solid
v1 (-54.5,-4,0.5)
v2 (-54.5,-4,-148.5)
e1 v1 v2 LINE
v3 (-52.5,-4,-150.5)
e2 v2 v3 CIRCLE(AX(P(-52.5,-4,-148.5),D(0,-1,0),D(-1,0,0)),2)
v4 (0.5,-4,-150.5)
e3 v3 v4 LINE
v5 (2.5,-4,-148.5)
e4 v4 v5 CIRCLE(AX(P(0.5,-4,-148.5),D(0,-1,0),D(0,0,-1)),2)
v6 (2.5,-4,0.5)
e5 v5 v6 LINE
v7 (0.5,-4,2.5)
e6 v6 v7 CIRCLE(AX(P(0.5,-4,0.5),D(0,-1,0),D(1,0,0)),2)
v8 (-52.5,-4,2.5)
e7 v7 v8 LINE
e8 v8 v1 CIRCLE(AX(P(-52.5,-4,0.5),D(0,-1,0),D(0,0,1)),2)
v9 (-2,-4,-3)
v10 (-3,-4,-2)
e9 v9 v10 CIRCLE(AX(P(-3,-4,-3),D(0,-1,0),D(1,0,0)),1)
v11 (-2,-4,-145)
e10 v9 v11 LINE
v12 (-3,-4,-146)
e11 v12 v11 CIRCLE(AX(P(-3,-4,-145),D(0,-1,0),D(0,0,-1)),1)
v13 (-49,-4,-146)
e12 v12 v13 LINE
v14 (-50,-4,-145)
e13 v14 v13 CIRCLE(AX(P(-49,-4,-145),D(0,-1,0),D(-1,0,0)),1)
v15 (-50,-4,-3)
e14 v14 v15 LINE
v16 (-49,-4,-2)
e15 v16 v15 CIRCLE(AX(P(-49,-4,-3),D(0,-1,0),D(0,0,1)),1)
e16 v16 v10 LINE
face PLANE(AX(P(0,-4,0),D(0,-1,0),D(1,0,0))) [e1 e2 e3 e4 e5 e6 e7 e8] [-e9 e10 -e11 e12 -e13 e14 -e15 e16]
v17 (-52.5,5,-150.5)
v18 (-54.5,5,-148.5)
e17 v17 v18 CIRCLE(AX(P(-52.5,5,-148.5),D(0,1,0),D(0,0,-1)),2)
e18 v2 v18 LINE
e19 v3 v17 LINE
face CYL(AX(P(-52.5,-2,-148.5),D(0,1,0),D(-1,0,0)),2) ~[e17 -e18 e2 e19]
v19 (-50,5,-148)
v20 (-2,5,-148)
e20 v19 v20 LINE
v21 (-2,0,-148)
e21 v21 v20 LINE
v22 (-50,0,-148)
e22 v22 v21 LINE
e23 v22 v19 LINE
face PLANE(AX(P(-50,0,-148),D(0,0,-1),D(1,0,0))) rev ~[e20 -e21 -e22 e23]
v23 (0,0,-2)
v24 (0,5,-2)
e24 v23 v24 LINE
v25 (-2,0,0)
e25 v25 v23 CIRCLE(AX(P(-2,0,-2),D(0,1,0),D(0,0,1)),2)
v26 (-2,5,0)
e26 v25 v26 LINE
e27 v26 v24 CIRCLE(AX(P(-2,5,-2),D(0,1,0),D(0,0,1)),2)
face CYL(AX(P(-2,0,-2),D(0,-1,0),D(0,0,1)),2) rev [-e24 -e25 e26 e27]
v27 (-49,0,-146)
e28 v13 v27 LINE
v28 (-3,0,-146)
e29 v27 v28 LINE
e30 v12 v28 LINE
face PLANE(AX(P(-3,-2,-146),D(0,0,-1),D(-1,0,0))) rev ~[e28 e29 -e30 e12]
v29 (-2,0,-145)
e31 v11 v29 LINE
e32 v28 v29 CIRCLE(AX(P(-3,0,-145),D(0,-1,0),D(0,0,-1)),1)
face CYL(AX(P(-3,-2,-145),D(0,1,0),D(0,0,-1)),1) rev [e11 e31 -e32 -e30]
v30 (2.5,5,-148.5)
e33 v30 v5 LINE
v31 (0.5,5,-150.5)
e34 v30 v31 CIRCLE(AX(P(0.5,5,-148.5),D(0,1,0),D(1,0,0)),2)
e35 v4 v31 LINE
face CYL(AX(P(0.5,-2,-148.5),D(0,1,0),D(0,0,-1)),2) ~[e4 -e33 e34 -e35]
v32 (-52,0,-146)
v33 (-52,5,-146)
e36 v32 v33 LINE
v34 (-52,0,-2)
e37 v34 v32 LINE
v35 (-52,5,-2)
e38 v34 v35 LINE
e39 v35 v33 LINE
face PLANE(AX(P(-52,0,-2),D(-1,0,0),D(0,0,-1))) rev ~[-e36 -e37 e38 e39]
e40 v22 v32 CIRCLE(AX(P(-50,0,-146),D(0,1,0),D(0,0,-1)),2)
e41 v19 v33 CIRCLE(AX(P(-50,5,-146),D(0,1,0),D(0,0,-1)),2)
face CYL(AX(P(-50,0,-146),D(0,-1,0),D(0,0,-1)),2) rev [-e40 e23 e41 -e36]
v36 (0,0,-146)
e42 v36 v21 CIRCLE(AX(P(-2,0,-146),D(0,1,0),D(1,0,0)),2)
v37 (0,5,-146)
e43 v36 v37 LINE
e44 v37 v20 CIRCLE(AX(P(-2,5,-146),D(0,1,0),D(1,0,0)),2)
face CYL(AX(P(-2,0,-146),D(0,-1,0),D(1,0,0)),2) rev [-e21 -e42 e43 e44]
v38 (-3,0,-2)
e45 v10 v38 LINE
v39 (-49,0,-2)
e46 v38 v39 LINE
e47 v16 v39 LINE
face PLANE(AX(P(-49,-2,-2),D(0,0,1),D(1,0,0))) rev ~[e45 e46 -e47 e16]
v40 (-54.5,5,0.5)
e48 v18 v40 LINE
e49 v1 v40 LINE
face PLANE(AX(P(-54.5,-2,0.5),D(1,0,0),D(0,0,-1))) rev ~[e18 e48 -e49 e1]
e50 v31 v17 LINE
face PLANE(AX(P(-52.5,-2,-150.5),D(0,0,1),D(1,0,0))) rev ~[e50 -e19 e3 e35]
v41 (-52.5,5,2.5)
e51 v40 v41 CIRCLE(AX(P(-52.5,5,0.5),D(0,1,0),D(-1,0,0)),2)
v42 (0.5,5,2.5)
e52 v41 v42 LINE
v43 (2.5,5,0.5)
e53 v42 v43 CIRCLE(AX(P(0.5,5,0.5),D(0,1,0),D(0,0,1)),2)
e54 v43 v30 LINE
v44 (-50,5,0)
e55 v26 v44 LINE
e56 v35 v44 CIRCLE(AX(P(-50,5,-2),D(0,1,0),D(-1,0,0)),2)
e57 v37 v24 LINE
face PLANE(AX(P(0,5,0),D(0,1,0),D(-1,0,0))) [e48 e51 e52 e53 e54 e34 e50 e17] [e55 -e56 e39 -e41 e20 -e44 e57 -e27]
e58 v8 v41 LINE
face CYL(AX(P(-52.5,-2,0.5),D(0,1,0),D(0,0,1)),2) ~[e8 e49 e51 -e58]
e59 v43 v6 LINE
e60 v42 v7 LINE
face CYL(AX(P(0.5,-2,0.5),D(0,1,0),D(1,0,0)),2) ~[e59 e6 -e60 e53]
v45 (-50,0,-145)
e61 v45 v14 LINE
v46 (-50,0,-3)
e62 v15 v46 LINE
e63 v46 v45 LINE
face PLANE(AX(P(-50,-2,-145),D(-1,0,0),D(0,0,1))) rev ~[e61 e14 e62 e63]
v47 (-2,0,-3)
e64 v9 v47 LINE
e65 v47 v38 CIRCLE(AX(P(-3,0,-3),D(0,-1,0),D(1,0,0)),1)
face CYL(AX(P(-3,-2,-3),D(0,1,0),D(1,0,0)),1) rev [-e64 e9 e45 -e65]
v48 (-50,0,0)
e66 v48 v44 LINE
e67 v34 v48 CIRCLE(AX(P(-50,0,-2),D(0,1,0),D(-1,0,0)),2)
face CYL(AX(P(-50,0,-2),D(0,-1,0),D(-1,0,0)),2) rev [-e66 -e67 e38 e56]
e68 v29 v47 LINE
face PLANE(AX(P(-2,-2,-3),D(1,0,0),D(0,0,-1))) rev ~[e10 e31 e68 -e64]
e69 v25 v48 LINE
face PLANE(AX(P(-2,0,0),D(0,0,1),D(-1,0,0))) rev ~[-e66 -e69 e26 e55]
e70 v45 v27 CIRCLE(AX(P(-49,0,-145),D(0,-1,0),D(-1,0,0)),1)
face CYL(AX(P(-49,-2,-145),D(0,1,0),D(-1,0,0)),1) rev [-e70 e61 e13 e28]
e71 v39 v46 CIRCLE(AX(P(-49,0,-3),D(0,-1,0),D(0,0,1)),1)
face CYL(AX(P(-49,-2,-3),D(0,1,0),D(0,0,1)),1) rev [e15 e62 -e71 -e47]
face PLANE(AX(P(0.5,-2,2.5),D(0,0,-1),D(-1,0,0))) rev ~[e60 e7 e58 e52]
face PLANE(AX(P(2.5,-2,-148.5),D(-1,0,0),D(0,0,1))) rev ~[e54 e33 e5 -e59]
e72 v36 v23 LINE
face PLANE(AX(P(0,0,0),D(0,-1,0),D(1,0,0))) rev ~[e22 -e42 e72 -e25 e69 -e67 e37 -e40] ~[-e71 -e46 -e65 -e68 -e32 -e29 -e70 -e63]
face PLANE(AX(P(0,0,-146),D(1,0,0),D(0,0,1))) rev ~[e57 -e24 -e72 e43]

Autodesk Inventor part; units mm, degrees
ref_plane "YZ Plane" through (0, 0, 0) normal (1, 0, 0) x (0, 1, 0)
ref_plane "XZ Plane" through (0, 0, 0) normal (0, 1, 0) x (-1, 0, 0)
ref_plane "XY Plane" through (0, 0, 0) normal (0, 0, 1) x (1, 0, 0)
sketch "Sketch1" plane through (0, 0, 0) normal (0, 1, 0) x (-1, 0, 0)
  line L0 (2, 0) -> (50, 0)
  line L1 (52, -2) -> (52, -146)
  line L2 (50, -148) -> (2, -148)
  line L3 (0, -146) -> (0, -2)
  arc A0 (52, -2) -> (50, 0) centre (50, -2) ccw
  arc A1 (0, -146) -> (2, -148) centre (2, -146) ccw
  arc A2 (50, -148) -> (52, -146) centre (50, -146) ccw
  arc A3 (2, 0) -> (0, -2) centre (2, -2) ccw
  line L4 (52.5, 2.5) -> (-0.5, 2.5)
  line L5 (-2.5, 0.5) -> (-2.5, -148.5)
  line L6 (-0.5, -150.5) -> (52.5, -150.5)
  line L7 (54.5, -148.5) -> (54.5, 0.5)
  arc A4 (54.5, 0.5) -> (52.5, 2.5) centre (52.5, 0.5) ccw
  arc A5 (-0.5, 2.5) -> (-2.5, 0.5) centre (-0.5, 0.5) ccw
  arc A6 (-2.5, -148.5) -> (-0.5, -150.5) centre (-0.5, -148.5) ccw
  arc A7 (52.5, -150.5) -> (54.5, -148.5) centre (52.5, -148.5) ccw
  point P0 (0, 0)
  point P1 (52, -148)
  point P2 (52, 0)
  point P3 (0, -148)
  dimension "d0" = 52
  dimension "d1" = 148
  dimension "d2" = 2
  dimension "d3" = 2.5
  dimension "d4" = 2.5
  dimension "d5" = 2.5
  dimension "d6" = 2.5
  dimension "d7" = 2
extrude "Extrusion1" add sketch "Sketch1" along normal blind 5
sketch "Sketch2" plane through (0, 0, 0) normal (0, -1, 0) x (1, 0, 0)
  arc A0 (2.5, 0.5) -> (0.5, 2.5) centre (0.5, 0.5) ccw projected
  line L0 (-52.5, 2.5) -> (0.5, 2.5) projected
  arc A1 (-52.5, 2.5) -> (-54.5, 0.5) centre (-52.5, 0.5) ccw projected
  line L1 (-54.5, -148.5) -> (-54.5, 0.5) projected
  arc A2 (-54.5, -148.5) -> (-52.5, -150.5) centre (-52.5, -148.5) ccw projected
  line L2 (0.5, -150.5) -> (-52.5, -150.5) projected
  arc A3 (0.5, -150.5) -> (2.5, -148.5) centre (0.5, -148.5) ccw projected
  line L3 (2.5, 0.5) -> (2.5, -148.5) projected
  line L4 (0, -146) -> (0, -2) projected
  arc A4 (-2, -148) -> (0, -146) centre (-2, -146) ccw projected
  line L5 (-50, -148) -> (-2, -148) projected
  arc A5 (-52, -146) -> (-50, -148) centre (-50, -146) ccw projected
  line L6 (-52, -2) -> (-52, -146) projected
  arc A6 (-50, 0) -> (-52, -2) centre (-50, -2) ccw projected
  line L7 (-2, 0) -> (-50, 0) projected
  arc A7 (0, -2) -> (-2, 0) centre (-2, -2) ccw projected
  line L8 (-49, -146) -> (-3, -146)
  line L9 (-2, -145) -> (-2, -3)
  line L10 (-3, -2) -> (-49, -2)
  line L11 (-50, -3) -> (-50, -145)
  arc A8 (-3, -146) -> (-2, -145) centre (-3, -145) ccw
  arc A9 (-50, -145) -> (-49, -146) centre (-49, -145) ccw
  arc A10 (-49, -2) -> (-50, -3) centre (-49, -3) ccw
  arc A11 (-2, -3) -> (-3, -2) centre (-3, -3) ccw
  point P0 (0, 0)
  dimension "d10" = 1
extrude "Extrusion2" add sketch "Sketch2" along normal blind 2 contours L3 A3 L2 A2 L1 A1 L0 A0 | A4 L5 A5 L6 A6 L7 A7 L4
sketch "Sketch3" plane through (0, -2, 0) normal (0, -1, 0) x (1, 0, 0)
  line L0 (2.5, -148.5) -> (2.5, 0.5) projected
  arc A0 (2.5, 0.5) -> (0.5, 2.5) centre (0.5, 0.5) ccw projected
  line L1 (0.5, 2.5) -> (-52.5, 2.5) projected
  arc A1 (-52.5, 2.5) -> (-54.5, 0.5) centre (-52.5, 0.5) ccw projected
  line L2 (-54.5, 0.5) -> (-54.5, -148.5) projected
  arc A2 (-54.5, -148.5) -> (-52.5, -150.5) centre (-52.5, -148.5) ccw projected
  line L3 (-52.5, -150.5) -> (0.5, -150.5) projected
  arc A3 (0.5, -150.5) -> (2.5, -148.5) centre (0.5, -148.5) ccw projected
  arc A4 (-50, -145) -> (-49, -146) centre (-49, -145) ccw projected
  line L4 (-50, -145) -> (-50, -3) projected
  arc A5 (-49, -2) -> (-50, -3) centre (-49, -3) ccw projected
  line L5 (-49, -2) -> (-3, -2) projected
  arc A6 (-2, -3) -> (-3, -2) centre (-3, -3) ccw projected
  line L6 (-2, -3) -> (-2, -145) projected
  arc A7 (-3, -146) -> (-2, -145) centre (-3, -145) ccw projected
  line L7 (-3, -146) -> (-49, -146) projected
  point P0 (0, 0)
extrude "Extrusion3" add sketch "Sketch3" along normal blind 2
sketch "Sketch4" plane through (0.5, 5, -150.5) normal (0, 0, -1) x (-1, 0, 0)
  line L0 (-2, -9) -> (-2, 0) projected
  line L1 (-2, -9) -> (53.9521, -19.876)
  line L2 (-2, -9) -> (54.9993, -9) construction
  line L3 (55, -9) -> (55, 0) projected
  line L4 (53.9521, -19.876) -> (55, -9)
  line L5 (55, 0) -> (53, 0) projected
  line L6 (55, 0) -> (53.1086, -19.712)
  point P0 (0.5, -5)
  dimension "d15" = 11
  dimension "d16" = 9
properties part number "hole size and stack size"
